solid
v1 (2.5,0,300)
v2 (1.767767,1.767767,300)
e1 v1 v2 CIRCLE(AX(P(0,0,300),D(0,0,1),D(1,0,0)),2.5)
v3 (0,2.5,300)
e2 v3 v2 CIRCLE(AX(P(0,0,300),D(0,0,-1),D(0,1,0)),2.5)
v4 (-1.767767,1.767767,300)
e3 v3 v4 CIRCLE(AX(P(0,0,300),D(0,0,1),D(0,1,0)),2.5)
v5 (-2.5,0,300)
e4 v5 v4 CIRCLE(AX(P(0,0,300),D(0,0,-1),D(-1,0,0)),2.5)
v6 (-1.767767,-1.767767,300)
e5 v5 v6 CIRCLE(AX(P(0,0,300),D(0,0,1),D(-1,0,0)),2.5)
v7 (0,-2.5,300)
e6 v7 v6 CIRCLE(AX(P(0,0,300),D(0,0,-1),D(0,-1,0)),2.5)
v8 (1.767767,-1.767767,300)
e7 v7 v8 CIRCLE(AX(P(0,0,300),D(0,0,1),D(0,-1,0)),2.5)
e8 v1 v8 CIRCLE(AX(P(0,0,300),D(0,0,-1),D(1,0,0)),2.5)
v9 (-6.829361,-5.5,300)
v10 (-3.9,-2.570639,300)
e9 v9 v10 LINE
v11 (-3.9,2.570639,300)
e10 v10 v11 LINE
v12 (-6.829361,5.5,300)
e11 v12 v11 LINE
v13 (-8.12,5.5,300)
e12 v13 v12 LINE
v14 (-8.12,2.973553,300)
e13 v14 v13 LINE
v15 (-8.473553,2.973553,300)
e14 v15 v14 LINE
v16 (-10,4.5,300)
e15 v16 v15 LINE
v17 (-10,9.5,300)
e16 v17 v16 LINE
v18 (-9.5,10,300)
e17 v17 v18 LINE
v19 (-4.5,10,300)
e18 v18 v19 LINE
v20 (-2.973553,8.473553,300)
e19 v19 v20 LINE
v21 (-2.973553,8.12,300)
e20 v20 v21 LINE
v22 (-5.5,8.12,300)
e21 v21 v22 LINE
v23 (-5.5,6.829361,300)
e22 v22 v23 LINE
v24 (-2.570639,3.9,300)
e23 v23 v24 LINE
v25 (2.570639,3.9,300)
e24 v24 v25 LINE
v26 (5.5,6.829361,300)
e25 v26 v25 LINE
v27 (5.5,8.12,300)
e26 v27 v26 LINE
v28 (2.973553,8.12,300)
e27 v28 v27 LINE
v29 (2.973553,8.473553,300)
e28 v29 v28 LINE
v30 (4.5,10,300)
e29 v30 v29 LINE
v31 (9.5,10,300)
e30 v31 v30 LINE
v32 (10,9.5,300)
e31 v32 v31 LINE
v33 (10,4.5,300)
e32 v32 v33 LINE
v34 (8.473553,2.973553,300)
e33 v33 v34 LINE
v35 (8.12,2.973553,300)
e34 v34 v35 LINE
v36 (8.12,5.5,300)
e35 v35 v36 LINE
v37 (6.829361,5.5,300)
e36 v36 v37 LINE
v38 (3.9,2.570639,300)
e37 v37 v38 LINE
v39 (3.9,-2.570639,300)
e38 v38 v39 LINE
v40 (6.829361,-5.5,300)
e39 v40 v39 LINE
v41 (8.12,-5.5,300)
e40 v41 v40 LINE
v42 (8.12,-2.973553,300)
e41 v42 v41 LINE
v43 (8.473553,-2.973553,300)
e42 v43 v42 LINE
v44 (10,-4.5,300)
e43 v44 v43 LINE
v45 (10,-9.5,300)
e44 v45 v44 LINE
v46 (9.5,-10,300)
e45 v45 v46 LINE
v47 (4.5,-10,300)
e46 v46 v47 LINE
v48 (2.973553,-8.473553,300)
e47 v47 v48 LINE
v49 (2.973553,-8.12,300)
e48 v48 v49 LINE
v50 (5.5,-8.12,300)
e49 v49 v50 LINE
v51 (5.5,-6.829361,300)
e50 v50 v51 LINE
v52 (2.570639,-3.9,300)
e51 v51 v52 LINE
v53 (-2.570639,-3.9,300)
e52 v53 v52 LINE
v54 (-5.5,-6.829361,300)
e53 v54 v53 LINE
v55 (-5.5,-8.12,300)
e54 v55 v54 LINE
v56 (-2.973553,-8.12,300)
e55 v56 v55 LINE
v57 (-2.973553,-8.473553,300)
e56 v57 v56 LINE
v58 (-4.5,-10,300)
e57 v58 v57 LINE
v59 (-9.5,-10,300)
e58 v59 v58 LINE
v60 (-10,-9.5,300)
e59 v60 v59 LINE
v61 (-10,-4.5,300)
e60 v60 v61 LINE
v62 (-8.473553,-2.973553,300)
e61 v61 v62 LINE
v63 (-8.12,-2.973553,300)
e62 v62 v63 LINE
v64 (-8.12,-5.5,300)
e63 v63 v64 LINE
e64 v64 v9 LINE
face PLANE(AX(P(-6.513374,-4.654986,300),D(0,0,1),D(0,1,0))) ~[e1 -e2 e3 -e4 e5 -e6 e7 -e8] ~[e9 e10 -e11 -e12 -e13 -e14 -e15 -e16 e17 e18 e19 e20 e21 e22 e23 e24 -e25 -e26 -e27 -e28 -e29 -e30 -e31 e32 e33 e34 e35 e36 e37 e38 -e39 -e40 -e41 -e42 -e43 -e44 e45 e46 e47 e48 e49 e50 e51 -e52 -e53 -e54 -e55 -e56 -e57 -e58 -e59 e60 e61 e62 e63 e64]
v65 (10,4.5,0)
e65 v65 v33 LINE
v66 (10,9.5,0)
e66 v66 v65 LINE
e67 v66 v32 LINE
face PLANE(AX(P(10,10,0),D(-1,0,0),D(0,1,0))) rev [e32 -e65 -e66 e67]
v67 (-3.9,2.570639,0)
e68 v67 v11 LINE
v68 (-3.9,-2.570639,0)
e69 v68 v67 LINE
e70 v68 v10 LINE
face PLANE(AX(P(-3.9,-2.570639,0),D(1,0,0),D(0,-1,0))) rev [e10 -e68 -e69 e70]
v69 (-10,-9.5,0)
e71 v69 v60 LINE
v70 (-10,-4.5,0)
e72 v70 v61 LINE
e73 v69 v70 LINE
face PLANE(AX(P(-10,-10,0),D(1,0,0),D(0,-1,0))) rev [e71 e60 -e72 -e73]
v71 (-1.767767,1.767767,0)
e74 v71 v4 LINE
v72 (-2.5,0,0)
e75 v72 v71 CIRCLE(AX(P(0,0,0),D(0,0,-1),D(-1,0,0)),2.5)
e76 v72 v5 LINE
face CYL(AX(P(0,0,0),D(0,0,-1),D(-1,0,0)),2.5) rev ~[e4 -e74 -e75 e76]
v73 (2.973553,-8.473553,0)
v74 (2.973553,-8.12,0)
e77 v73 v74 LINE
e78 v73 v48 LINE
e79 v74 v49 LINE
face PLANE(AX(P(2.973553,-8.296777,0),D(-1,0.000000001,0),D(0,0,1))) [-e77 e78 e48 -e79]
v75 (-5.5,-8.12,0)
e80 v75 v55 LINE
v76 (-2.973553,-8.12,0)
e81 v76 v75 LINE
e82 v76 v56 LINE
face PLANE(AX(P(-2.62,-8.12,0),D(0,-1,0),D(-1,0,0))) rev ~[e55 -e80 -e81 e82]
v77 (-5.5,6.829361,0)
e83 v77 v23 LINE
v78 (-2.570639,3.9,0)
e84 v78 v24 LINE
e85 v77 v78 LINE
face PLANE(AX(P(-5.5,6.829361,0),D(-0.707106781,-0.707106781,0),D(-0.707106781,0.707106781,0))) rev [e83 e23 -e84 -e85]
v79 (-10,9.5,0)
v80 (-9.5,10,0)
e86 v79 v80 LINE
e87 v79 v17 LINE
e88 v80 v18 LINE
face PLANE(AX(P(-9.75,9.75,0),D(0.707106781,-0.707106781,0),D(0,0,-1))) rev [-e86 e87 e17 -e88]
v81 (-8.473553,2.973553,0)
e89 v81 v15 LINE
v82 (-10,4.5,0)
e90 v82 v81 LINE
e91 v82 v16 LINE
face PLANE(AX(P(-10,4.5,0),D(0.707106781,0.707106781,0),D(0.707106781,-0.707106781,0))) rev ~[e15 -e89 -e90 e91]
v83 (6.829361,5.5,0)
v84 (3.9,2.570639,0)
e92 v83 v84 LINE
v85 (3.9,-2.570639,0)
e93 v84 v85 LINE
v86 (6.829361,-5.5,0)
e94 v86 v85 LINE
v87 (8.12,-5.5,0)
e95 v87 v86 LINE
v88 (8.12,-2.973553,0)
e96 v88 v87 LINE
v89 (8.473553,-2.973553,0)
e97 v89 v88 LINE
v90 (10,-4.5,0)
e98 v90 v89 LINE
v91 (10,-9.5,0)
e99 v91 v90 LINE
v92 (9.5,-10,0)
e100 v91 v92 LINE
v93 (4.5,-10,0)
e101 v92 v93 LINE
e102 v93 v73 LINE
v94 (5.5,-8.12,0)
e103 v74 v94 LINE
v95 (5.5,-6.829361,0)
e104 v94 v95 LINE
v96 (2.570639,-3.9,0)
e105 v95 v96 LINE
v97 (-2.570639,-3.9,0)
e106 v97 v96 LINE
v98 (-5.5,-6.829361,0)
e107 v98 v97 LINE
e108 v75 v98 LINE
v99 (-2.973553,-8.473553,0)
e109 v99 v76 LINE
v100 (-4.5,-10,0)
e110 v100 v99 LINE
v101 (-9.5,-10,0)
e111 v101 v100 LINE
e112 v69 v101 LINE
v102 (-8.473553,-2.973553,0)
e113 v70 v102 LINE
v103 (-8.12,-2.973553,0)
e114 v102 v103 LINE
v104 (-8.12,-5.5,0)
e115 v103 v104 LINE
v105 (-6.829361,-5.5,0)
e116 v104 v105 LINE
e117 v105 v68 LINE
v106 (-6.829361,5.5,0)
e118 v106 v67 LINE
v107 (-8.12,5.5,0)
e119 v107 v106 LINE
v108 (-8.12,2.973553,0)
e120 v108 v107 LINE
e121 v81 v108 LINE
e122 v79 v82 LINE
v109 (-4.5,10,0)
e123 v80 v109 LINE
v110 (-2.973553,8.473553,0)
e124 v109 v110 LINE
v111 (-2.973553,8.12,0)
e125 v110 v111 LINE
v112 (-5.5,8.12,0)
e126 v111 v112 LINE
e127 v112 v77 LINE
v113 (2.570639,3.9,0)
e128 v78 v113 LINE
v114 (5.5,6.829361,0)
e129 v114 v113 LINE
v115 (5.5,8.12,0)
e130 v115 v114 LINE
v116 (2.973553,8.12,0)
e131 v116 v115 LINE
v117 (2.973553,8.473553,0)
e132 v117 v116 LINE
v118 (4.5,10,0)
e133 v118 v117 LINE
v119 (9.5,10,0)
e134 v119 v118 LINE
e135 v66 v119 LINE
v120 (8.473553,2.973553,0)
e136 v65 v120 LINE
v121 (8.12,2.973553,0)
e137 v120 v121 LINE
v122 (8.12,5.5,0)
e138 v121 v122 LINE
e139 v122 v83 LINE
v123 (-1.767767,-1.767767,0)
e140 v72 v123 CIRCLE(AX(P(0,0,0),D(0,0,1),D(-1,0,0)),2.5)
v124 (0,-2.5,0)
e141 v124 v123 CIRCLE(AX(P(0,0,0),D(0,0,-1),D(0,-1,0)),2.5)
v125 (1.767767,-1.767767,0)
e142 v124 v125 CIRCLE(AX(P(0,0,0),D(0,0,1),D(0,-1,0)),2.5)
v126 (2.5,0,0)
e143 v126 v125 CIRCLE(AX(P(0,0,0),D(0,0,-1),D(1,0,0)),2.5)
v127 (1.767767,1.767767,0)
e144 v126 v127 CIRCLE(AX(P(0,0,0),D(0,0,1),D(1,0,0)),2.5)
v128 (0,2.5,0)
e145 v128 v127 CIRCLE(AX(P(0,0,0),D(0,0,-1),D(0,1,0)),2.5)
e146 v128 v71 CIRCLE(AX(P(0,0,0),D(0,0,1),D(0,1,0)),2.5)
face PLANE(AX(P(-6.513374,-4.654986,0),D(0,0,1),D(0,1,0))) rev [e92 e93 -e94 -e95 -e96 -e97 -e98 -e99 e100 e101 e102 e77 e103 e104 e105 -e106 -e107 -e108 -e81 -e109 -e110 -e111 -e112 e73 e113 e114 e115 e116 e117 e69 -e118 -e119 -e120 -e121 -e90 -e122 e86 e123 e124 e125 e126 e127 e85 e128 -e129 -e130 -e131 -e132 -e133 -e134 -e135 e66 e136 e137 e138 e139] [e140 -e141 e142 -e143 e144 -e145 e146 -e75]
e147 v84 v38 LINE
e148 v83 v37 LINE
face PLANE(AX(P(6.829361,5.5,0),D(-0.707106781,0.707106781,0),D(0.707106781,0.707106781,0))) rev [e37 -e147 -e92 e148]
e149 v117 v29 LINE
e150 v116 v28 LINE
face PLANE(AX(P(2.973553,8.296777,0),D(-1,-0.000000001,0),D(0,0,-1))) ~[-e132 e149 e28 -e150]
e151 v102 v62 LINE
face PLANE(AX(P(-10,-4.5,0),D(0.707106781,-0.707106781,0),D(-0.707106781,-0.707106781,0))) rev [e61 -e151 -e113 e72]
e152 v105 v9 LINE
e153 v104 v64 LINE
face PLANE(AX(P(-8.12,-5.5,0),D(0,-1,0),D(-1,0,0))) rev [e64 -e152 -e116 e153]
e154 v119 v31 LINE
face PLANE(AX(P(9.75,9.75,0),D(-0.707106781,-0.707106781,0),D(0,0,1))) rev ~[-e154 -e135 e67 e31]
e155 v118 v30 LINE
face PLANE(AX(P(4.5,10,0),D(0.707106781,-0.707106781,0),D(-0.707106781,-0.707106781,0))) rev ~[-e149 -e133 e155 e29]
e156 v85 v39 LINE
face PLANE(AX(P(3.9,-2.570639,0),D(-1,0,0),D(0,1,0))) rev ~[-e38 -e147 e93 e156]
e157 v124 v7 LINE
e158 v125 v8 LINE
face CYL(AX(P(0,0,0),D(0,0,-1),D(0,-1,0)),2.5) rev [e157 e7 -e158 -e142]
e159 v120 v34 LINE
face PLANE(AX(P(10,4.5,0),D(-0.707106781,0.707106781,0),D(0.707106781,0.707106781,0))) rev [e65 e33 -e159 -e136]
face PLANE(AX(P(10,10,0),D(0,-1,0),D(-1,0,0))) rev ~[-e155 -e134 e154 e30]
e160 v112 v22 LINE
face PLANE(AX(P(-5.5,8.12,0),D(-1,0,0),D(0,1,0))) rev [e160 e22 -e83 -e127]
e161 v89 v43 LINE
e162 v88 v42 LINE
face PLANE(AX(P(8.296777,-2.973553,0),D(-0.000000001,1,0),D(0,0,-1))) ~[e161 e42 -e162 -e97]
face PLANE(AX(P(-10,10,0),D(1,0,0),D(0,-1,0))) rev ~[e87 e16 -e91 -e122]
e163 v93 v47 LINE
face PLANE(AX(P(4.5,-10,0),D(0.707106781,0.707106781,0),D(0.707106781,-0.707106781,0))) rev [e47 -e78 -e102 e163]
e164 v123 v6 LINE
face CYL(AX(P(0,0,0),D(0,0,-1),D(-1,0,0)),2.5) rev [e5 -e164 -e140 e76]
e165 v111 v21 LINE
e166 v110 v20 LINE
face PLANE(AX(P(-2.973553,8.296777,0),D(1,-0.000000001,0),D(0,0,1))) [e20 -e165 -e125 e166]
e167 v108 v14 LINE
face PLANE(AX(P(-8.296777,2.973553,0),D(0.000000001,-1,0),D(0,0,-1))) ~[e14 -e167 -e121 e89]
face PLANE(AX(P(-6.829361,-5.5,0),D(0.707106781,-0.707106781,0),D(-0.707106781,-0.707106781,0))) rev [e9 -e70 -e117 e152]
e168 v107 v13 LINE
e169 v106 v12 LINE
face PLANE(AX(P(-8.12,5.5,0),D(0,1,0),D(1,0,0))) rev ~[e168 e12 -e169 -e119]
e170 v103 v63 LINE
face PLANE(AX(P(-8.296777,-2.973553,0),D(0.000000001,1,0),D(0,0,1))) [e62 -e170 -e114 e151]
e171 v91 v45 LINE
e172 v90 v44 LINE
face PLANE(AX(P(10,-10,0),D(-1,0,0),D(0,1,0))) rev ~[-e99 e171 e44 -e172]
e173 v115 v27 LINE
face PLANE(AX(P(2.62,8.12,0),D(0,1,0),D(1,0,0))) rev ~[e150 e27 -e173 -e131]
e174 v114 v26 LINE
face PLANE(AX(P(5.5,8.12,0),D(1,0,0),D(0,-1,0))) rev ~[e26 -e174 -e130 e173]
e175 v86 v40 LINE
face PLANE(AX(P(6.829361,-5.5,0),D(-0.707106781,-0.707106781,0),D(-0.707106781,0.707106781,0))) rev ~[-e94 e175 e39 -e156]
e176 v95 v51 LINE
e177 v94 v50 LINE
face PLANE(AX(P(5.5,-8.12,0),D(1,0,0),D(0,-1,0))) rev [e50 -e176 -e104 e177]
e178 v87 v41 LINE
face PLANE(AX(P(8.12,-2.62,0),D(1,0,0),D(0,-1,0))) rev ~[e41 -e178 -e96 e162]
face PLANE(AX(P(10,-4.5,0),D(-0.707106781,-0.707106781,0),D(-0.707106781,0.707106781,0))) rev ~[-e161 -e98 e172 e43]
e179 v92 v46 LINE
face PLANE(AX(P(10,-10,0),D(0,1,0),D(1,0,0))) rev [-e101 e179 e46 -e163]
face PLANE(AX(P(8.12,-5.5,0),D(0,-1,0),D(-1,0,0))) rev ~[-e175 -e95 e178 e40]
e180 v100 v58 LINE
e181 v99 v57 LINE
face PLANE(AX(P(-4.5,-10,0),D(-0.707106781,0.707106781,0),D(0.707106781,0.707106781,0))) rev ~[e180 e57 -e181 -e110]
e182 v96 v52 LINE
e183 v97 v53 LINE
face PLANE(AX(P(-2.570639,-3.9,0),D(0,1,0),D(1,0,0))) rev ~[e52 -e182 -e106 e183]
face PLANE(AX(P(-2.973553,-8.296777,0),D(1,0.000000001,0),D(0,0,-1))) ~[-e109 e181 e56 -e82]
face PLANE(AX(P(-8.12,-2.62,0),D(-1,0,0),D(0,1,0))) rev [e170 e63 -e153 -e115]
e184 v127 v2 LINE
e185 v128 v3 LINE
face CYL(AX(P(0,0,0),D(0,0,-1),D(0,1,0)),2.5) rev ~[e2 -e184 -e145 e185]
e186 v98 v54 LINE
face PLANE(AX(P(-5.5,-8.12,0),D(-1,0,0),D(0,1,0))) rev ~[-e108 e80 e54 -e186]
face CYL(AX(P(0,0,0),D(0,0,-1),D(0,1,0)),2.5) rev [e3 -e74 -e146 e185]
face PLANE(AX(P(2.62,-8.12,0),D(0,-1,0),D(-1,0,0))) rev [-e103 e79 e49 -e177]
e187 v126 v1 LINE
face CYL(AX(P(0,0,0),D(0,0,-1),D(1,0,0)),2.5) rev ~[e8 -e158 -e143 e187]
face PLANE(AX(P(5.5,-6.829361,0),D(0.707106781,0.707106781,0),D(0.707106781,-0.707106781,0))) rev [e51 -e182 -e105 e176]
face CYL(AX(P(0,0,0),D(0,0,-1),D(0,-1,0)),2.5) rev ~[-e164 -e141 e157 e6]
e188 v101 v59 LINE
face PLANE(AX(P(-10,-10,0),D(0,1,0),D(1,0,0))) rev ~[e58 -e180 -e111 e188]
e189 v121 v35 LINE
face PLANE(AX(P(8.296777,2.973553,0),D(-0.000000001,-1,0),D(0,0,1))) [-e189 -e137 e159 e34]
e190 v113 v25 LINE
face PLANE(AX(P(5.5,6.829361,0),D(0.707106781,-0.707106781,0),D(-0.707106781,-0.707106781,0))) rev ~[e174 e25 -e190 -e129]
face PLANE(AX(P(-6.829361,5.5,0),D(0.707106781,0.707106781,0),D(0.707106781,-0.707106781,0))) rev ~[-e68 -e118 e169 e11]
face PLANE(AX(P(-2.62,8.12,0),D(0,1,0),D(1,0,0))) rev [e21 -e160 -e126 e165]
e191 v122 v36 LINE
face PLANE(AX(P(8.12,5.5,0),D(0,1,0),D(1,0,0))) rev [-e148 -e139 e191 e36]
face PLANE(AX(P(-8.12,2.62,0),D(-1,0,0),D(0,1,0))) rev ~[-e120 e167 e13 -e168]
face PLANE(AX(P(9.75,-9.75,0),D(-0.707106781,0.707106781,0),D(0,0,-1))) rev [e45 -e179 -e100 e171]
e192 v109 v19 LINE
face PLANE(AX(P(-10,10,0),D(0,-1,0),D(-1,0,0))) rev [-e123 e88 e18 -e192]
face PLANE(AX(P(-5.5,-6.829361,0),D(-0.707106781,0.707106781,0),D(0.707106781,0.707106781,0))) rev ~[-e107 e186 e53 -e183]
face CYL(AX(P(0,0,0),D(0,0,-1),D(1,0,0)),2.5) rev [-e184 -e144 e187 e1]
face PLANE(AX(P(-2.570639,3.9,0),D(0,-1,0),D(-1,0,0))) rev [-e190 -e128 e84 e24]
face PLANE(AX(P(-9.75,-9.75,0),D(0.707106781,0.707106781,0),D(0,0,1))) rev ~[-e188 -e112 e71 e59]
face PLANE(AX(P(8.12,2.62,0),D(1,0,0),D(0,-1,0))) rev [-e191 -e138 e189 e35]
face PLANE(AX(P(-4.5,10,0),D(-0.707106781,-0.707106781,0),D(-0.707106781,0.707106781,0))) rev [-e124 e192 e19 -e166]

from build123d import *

# Parameters (mm, degrees)
BOSS_EXTRUDE1_DEPTH = 300
CHAMFER2_SIZE       = 0.5
CHAMFER2_SIZE2      = 0.353553391
CHAMFER1_SIZE       = 0.5


with BuildPart() as part:
    # Sketch1 → Boss-Extrude1 (new body)
    with BuildSketch(Plane.XY):
        with BuildLine():
            Line((5.5, 6.829360749), (2.570639251, 3.9))
            Line((2.570639251, 3.9), (0, 3.9))
            Line((0, 3.9), (0, 2.5))
            ThreePointArc((0, 2.5), (0.956708581, 2.309698831), (1.767766953, 1.767766953))
            Line((1.767766953, 1.767766953), (10, 10))
            Line((10, 10), (4.5, 10))
            Line((4.5, 10), (2.62, 8.12))
            Line((2.62, 8.12), (5.5, 8.12))
            Line((5.5, 8.12), (5.5, 6.829360749))
        make_face()
    extrude(amount=BOSS_EXTRUDE1_DEPTH)

    # Chamfer2
    chamfer2_edges = [part.edges().sort_by_distance(p)[0] for p in [
        (2.62, 8.12, 150),
    ]]
    chamfer2_side = [part.faces().sort_by_distance(p)[0] for p in [
        (3.56, 9.06, 150),
    ]]
    chamfer(chamfer2_edges, length=CHAMFER2_SIZE, length2=CHAMFER2_SIZE2, reference=chamfer2_side[0])

    # Mirror1: part across plane


with BuildPart() as part_1:
    add(part.part)
    add(part.part.mirror(Plane(origin=(10, 10, 300), x_dir=(0, 0, 1), z_dir=(-0.707106781186544, 0.707106781186551, 0))))

    # Chamfer1
    chamfer1_edges = [part_1.edges().sort_by_distance(p)[0] for p in [
        (10, 10, 150),
    ]]
    chamfer(chamfer1_edges, length=CHAMFER1_SIZE)

    # Mirror4: part across plane


with BuildPart() as part_2:
    add(part_1.part)
    add(part_1.part.mirror(Plane(origin=(0, 3.9, 300), x_dir=(0, 0, 1), z_dir=(1, 0, 0))))

    # Mirror5: part across plane


with BuildPart() as part_3:
    add(part_2.part)
    add(part_2.part.mirror(Plane(origin=(-3.9, 0, 300), x_dir=(0, 0, 1), z_dir=(0, 1, 0))))


solid = part_3.part
